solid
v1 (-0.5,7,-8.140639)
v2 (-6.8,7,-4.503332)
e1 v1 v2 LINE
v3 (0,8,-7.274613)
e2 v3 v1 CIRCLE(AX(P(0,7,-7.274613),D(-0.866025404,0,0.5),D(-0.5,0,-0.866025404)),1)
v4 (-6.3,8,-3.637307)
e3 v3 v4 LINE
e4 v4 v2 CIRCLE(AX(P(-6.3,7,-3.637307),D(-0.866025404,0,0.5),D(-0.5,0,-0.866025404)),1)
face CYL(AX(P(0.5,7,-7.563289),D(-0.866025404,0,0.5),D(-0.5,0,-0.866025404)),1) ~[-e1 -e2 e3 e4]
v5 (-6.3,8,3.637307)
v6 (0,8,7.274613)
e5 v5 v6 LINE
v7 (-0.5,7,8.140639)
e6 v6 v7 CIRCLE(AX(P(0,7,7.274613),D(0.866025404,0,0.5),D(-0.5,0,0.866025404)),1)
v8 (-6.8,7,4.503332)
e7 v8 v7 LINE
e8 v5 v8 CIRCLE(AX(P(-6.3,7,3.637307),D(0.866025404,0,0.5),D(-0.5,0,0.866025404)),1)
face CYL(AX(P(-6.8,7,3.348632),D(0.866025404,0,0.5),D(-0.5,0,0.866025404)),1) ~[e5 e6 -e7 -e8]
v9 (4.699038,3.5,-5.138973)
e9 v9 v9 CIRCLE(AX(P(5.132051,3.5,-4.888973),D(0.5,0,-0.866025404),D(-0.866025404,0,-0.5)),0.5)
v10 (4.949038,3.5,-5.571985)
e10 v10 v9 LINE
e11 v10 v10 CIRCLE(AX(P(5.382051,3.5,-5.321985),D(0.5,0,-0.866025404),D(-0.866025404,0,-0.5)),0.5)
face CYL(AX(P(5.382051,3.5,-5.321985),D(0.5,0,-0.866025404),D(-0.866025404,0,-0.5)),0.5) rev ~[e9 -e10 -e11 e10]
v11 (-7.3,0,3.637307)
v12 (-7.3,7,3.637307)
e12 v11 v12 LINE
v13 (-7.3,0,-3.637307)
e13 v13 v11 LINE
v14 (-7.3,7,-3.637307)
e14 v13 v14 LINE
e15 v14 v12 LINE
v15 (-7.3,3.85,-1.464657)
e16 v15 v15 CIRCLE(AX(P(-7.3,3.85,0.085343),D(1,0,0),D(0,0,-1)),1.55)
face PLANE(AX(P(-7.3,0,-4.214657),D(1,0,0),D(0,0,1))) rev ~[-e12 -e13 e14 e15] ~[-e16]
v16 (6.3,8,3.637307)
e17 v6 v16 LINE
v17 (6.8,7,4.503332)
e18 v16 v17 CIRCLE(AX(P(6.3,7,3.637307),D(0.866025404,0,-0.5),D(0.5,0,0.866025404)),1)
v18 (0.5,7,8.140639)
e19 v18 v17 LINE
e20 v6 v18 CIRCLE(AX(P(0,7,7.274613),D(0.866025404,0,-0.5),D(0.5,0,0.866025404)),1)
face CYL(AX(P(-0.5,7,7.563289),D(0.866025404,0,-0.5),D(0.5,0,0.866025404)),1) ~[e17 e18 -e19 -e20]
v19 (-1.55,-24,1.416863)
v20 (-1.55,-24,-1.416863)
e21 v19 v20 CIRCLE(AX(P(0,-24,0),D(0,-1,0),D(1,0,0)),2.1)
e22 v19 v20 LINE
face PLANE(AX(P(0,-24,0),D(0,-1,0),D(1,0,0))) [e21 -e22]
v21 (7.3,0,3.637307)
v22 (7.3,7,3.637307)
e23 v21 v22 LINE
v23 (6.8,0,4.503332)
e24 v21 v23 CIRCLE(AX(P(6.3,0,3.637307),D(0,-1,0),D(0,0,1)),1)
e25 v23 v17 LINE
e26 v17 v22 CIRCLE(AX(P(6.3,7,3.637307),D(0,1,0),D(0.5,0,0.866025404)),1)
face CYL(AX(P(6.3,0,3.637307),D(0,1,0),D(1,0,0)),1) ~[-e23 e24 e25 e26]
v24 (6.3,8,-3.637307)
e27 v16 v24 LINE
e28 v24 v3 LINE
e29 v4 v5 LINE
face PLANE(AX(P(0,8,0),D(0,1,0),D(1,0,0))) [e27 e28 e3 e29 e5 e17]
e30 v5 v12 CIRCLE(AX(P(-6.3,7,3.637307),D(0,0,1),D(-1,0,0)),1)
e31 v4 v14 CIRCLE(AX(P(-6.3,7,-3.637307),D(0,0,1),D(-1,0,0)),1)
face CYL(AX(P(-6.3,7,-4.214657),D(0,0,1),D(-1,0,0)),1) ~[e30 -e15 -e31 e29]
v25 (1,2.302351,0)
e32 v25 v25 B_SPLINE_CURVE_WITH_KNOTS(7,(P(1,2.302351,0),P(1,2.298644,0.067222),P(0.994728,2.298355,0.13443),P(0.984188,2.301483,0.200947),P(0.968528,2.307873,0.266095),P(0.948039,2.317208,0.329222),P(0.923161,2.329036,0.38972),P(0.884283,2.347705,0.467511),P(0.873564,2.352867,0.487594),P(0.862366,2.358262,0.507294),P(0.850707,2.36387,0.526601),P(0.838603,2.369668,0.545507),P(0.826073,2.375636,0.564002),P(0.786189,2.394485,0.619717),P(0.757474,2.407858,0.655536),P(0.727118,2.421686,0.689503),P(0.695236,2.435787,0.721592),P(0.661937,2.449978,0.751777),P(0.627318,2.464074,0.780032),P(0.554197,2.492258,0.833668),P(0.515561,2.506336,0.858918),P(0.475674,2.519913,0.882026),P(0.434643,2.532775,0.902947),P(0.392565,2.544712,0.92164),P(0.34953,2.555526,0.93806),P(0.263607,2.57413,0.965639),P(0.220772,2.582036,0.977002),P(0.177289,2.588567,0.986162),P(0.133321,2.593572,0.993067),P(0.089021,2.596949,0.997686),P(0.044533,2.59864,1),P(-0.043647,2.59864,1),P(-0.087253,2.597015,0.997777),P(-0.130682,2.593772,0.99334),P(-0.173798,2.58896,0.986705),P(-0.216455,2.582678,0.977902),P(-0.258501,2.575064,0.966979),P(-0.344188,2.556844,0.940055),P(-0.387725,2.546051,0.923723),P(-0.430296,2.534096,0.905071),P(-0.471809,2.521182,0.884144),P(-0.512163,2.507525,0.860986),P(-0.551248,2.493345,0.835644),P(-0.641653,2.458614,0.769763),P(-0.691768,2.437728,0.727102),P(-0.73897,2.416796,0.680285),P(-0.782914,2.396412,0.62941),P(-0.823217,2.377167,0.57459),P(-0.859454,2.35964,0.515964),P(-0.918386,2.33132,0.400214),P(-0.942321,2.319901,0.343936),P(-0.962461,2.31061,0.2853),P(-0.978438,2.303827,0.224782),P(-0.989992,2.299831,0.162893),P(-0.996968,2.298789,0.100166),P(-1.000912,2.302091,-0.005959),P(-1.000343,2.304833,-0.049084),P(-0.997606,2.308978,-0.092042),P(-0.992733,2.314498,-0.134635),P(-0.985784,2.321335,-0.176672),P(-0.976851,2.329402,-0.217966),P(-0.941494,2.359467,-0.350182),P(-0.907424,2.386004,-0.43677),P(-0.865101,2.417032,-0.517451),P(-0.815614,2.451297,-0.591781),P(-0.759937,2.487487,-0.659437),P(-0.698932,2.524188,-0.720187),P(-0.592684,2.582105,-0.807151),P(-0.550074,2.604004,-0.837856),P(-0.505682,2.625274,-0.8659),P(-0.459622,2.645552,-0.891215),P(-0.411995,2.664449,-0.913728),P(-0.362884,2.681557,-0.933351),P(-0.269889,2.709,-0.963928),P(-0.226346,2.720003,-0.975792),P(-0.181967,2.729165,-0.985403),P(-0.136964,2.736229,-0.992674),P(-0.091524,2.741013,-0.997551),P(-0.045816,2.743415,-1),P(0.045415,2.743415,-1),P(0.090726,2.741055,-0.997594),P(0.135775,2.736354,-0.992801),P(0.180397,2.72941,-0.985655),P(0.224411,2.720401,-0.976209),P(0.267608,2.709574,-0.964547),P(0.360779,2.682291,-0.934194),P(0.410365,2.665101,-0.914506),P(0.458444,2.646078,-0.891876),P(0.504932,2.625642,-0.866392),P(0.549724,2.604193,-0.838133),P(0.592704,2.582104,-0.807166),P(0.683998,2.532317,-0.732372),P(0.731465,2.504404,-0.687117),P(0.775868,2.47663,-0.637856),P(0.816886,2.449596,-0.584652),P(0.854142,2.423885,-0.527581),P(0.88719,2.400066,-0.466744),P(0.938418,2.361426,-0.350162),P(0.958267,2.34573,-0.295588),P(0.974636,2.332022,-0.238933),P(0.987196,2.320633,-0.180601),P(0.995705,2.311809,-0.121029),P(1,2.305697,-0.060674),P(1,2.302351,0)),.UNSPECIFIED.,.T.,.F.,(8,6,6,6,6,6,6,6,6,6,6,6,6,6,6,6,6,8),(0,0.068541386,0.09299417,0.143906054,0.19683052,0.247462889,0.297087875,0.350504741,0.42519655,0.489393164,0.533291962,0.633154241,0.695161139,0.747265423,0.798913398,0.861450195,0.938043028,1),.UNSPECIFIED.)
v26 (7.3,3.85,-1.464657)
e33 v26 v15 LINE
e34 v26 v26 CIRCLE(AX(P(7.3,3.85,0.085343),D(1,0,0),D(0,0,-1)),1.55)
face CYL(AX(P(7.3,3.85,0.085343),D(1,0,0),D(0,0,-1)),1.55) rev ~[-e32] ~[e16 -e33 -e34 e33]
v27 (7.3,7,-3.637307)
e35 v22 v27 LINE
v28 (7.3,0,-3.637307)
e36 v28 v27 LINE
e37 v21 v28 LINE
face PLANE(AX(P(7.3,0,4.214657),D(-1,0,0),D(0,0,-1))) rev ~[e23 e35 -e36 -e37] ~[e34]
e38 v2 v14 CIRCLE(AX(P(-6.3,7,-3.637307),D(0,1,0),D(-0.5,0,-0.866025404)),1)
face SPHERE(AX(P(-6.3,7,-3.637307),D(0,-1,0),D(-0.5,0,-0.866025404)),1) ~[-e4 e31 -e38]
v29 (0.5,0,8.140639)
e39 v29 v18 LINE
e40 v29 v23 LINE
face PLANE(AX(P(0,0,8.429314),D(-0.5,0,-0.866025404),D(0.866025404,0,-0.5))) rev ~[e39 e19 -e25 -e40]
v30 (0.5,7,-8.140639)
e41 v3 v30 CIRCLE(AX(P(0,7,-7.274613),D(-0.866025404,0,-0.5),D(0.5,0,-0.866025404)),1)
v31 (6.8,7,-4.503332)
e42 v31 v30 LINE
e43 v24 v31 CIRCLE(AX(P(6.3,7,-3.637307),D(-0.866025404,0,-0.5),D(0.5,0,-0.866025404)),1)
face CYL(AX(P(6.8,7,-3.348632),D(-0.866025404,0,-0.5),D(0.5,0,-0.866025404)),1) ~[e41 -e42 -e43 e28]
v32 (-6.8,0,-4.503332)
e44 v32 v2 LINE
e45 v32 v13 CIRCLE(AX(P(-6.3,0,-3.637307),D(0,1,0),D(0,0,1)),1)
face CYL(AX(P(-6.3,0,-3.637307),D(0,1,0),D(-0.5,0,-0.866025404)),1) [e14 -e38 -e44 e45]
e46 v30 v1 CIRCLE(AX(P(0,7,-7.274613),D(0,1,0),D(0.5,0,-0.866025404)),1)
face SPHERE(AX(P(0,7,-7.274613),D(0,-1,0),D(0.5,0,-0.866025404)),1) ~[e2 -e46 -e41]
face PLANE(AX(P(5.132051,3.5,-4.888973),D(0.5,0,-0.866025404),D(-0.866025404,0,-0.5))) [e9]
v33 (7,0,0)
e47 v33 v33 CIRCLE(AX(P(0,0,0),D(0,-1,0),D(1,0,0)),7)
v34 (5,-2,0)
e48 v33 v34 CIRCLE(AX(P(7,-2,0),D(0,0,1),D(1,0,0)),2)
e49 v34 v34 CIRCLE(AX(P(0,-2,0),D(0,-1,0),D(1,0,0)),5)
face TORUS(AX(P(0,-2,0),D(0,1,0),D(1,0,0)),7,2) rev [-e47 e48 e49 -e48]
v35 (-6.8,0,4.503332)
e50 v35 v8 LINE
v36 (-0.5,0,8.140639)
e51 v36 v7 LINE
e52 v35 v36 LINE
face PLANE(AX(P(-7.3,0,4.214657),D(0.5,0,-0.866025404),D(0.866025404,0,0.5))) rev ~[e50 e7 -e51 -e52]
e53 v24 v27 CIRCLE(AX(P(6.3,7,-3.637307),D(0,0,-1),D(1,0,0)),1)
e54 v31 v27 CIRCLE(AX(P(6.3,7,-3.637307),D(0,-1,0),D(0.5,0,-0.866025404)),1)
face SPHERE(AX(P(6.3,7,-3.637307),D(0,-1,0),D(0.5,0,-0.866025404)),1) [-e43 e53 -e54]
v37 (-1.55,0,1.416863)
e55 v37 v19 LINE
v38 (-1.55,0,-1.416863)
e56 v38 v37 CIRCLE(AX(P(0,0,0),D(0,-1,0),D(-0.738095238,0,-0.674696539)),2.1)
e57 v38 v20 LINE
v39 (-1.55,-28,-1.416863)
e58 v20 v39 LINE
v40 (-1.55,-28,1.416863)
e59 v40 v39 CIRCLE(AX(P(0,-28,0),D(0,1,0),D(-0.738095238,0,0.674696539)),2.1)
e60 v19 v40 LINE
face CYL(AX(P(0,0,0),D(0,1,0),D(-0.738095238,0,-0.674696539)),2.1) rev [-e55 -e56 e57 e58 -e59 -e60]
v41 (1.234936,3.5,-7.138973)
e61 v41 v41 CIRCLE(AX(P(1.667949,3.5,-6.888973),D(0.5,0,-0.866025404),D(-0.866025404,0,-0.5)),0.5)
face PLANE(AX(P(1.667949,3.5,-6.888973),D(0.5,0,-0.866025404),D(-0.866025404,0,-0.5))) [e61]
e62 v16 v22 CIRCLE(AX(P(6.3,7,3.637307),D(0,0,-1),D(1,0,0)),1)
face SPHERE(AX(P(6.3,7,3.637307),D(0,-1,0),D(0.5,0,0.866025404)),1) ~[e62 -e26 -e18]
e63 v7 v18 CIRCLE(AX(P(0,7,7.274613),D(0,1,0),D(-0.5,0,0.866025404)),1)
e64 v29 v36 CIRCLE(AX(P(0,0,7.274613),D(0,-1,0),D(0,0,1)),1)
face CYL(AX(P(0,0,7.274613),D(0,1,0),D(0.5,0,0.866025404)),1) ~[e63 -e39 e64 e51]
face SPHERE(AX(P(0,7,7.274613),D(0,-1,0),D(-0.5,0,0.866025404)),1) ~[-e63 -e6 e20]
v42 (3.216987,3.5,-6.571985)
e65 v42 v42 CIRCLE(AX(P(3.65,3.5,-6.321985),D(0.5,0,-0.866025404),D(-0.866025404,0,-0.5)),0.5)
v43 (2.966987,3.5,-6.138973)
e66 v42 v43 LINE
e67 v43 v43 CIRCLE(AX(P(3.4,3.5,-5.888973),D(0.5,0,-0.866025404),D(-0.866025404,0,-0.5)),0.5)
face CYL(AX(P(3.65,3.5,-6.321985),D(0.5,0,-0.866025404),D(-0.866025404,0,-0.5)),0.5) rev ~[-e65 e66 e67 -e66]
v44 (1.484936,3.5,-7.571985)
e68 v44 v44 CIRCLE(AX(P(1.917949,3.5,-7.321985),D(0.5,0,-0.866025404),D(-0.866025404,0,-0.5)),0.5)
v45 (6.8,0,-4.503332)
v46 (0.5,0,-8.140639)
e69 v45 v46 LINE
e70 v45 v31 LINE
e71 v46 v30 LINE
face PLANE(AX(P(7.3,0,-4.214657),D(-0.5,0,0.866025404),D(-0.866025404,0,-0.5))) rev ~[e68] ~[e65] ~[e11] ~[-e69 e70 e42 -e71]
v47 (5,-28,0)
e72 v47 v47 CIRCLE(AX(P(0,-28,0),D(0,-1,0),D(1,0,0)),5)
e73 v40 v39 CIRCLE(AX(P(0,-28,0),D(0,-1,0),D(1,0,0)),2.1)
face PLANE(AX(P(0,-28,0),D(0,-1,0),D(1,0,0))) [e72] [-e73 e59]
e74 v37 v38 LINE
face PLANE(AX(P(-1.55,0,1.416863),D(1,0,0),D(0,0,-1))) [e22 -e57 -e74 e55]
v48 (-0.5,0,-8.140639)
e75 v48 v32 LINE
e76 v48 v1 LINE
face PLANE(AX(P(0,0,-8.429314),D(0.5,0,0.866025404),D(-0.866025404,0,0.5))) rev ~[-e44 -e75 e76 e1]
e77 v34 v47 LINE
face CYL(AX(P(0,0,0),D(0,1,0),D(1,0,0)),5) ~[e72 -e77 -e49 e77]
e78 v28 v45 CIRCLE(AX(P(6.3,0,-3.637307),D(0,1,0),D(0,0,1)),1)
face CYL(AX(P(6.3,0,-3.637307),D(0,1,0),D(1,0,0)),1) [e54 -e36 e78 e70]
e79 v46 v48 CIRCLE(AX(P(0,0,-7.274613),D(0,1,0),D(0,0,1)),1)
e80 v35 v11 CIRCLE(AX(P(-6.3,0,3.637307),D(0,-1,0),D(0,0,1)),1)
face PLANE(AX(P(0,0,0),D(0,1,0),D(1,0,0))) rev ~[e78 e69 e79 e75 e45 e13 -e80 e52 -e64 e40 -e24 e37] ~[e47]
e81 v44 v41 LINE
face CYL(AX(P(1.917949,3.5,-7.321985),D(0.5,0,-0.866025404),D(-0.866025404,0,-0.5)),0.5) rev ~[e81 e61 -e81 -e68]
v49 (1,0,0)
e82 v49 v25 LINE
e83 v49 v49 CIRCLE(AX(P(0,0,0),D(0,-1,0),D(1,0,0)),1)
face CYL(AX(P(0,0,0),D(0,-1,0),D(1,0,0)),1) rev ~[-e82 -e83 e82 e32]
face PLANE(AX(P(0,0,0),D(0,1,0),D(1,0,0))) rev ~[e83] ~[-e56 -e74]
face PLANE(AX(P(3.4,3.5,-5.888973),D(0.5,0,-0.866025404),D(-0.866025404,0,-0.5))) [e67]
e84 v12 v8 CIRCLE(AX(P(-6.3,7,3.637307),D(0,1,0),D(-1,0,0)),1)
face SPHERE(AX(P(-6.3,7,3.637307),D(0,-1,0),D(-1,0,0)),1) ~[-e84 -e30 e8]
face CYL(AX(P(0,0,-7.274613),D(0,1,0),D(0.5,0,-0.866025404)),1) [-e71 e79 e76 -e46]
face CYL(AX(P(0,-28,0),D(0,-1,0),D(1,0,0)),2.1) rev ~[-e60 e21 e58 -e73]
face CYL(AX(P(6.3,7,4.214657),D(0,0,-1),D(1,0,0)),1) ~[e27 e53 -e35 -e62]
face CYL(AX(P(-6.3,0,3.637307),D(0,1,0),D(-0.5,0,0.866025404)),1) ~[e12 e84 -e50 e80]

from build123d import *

# Parameters (mm, degrees)
BOSS_EXTRUDE1_DEPTH     = 8
SKETCH2_R               = 5
BOSS_EXTRUDE2_DEPTH     = 28
FILLET1_R               = 2
SKETCH3_R               = 1.55
CUT_EXTRUDE1_DEPTH      = 33.683533061
FILLET2_R               = 1
CUT_EXTRUDE3_START      = -4
SKETCH5_R               = 2.1
CUT_EXTRUDE3_DEPTH      = 4
SKETCH6_R               = 0.5
CUT_EXTRUDE4_DEPTH      = 0.5
CUT_EXTRUDE5_REACH      = 32.096
CUT_EXTRUDE5_END_RADIUS = 1.55
SKETCH7_R               = 1


with BuildPart() as part:
    # Sketch1 → Boss-Extrude1 (new body)
    with BuildSketch(Plane(origin=(0, 0, 0), x_dir=(1, 0, 0), z_dir=(0, 1, 0))):
        Polygon((7.3, -4.214656965), (7.3, 4.214656965), (0, 8.42931393), (-7.3, 4.214656965), (-7.3, -4.214656965), (0, -8.42931393), align=None)
    extrude(amount=BOSS_EXTRUDE1_DEPTH)

    # Sketch2 → Boss-Extrude2 (add)
    with BuildSketch(Plane.XZ):
        Circle(SKETCH2_R)
        with BuildLine():
            Line((-1.55, 1.416862732), (-1.55, -1.416862732))
            ThreePointArc((-1.55, -1.416862732), (2.1, 0), (-1.55, 1.416862732))
        make_face(mode=Mode.SUBTRACT)
    extrude(amount=BOSS_EXTRUDE2_DEPTH)

    # Fillet1
    fillet1_edges = [part.edges().sort_by_distance(p)[0] for p in [
        (-5, 0, 0),
    ]]
    fillet(fillet1_edges, radius=FILLET1_R)

    # Sketch3 → Cut-Extrude1 (cut, through all)
    with BuildSketch(Plane(origin=(7.3, 0, 0), x_dir=(0, 0, -1), z_dir=(1, 0, 0))):
        with Locations((-0.085343035, 3.85)):
            Circle(SKETCH3_R)
    extrude(amount=-CUT_EXTRUDE1_DEPTH, mode=Mode.SUBTRACT)

    # Fillet2
    fillet2_edges = [part.edges().sort_by_distance(p)[0] for p in [
        (-3.65, 8, 6.321985448),
        (-7.3, 8, 0),
        (-3.65, 8, -6.321985448),
        (3.65, 8, -6.321985448),
        (7.3, 8, 0),
        (3.65, 8, 6.321985448),
        (-7.3, 4, -4.214656965),
        (0, 4, -8.42931393),
        (7.3, 4, -4.214656965),
        (7.3, 4, 4.214656965),
        (0, 4, 8.42931393),
        (-7.3, 4, 4.214656965),
    ]]
    fillet(fillet2_edges, radius=FILLET2_R)

    # Sketch5 → Cut-Extrude3 (cut)
    with BuildSketch(Plane.XZ.offset(28).offset(CUT_EXTRUDE3_START)):
        Circle(SKETCH5_R)
    extrude(amount=CUT_EXTRUDE3_DEPTH, mode=Mode.SUBTRACT)

    # Sketch6 → Cut-Extrude4 (cut)
    with BuildSketch(Plane(origin=(3.65, 0, -6.321985448), x_dir=(-0.8660254037844388, 0, -0.49999999999999967), z_dir=(0.49999999999999967, 0, -0.8660254037844388))):
        with Locations((0, 3.5)):
            Circle(SKETCH6_R)
        with Locations((-2, 3.5)):
            Circle(SKETCH6_R)
        with Locations((2, 3.5)):
            Circle(SKETCH6_R)
    extrude(amount=-CUT_EXTRUDE4_DEPTH, mode=Mode.SUBTRACT)

    # Cut-Extrude5: up to this cylinder (the profile starts outside it)
    cut_extrude5_end = Plane(origin=(0, 3.85, 0.085343035), z_dir=(1, 0, 0)) * Cylinder(CUT_EXTRUDE5_END_RADIUS, 68.292, mode=Mode.PRIVATE)
    # Sketch7 → Cut-Extrude5 (cut, up to the surface)
    with BuildSketch(Plane.XZ, mode=Mode.PRIVATE) as cut_extrude5_sk1:
        Circle(SKETCH7_R)
    cut_extrude5_tool1 = extrude(cut_extrude5_sk1.sketch, amount=-CUT_EXTRUDE5_REACH, mode=Mode.PRIVATE) - cut_extrude5_end
    add(cut_extrude5_tool1.solids().sort_by_distance((0, 0, 0))[0], mode=Mode.SUBTRACT)


solid = part.part
